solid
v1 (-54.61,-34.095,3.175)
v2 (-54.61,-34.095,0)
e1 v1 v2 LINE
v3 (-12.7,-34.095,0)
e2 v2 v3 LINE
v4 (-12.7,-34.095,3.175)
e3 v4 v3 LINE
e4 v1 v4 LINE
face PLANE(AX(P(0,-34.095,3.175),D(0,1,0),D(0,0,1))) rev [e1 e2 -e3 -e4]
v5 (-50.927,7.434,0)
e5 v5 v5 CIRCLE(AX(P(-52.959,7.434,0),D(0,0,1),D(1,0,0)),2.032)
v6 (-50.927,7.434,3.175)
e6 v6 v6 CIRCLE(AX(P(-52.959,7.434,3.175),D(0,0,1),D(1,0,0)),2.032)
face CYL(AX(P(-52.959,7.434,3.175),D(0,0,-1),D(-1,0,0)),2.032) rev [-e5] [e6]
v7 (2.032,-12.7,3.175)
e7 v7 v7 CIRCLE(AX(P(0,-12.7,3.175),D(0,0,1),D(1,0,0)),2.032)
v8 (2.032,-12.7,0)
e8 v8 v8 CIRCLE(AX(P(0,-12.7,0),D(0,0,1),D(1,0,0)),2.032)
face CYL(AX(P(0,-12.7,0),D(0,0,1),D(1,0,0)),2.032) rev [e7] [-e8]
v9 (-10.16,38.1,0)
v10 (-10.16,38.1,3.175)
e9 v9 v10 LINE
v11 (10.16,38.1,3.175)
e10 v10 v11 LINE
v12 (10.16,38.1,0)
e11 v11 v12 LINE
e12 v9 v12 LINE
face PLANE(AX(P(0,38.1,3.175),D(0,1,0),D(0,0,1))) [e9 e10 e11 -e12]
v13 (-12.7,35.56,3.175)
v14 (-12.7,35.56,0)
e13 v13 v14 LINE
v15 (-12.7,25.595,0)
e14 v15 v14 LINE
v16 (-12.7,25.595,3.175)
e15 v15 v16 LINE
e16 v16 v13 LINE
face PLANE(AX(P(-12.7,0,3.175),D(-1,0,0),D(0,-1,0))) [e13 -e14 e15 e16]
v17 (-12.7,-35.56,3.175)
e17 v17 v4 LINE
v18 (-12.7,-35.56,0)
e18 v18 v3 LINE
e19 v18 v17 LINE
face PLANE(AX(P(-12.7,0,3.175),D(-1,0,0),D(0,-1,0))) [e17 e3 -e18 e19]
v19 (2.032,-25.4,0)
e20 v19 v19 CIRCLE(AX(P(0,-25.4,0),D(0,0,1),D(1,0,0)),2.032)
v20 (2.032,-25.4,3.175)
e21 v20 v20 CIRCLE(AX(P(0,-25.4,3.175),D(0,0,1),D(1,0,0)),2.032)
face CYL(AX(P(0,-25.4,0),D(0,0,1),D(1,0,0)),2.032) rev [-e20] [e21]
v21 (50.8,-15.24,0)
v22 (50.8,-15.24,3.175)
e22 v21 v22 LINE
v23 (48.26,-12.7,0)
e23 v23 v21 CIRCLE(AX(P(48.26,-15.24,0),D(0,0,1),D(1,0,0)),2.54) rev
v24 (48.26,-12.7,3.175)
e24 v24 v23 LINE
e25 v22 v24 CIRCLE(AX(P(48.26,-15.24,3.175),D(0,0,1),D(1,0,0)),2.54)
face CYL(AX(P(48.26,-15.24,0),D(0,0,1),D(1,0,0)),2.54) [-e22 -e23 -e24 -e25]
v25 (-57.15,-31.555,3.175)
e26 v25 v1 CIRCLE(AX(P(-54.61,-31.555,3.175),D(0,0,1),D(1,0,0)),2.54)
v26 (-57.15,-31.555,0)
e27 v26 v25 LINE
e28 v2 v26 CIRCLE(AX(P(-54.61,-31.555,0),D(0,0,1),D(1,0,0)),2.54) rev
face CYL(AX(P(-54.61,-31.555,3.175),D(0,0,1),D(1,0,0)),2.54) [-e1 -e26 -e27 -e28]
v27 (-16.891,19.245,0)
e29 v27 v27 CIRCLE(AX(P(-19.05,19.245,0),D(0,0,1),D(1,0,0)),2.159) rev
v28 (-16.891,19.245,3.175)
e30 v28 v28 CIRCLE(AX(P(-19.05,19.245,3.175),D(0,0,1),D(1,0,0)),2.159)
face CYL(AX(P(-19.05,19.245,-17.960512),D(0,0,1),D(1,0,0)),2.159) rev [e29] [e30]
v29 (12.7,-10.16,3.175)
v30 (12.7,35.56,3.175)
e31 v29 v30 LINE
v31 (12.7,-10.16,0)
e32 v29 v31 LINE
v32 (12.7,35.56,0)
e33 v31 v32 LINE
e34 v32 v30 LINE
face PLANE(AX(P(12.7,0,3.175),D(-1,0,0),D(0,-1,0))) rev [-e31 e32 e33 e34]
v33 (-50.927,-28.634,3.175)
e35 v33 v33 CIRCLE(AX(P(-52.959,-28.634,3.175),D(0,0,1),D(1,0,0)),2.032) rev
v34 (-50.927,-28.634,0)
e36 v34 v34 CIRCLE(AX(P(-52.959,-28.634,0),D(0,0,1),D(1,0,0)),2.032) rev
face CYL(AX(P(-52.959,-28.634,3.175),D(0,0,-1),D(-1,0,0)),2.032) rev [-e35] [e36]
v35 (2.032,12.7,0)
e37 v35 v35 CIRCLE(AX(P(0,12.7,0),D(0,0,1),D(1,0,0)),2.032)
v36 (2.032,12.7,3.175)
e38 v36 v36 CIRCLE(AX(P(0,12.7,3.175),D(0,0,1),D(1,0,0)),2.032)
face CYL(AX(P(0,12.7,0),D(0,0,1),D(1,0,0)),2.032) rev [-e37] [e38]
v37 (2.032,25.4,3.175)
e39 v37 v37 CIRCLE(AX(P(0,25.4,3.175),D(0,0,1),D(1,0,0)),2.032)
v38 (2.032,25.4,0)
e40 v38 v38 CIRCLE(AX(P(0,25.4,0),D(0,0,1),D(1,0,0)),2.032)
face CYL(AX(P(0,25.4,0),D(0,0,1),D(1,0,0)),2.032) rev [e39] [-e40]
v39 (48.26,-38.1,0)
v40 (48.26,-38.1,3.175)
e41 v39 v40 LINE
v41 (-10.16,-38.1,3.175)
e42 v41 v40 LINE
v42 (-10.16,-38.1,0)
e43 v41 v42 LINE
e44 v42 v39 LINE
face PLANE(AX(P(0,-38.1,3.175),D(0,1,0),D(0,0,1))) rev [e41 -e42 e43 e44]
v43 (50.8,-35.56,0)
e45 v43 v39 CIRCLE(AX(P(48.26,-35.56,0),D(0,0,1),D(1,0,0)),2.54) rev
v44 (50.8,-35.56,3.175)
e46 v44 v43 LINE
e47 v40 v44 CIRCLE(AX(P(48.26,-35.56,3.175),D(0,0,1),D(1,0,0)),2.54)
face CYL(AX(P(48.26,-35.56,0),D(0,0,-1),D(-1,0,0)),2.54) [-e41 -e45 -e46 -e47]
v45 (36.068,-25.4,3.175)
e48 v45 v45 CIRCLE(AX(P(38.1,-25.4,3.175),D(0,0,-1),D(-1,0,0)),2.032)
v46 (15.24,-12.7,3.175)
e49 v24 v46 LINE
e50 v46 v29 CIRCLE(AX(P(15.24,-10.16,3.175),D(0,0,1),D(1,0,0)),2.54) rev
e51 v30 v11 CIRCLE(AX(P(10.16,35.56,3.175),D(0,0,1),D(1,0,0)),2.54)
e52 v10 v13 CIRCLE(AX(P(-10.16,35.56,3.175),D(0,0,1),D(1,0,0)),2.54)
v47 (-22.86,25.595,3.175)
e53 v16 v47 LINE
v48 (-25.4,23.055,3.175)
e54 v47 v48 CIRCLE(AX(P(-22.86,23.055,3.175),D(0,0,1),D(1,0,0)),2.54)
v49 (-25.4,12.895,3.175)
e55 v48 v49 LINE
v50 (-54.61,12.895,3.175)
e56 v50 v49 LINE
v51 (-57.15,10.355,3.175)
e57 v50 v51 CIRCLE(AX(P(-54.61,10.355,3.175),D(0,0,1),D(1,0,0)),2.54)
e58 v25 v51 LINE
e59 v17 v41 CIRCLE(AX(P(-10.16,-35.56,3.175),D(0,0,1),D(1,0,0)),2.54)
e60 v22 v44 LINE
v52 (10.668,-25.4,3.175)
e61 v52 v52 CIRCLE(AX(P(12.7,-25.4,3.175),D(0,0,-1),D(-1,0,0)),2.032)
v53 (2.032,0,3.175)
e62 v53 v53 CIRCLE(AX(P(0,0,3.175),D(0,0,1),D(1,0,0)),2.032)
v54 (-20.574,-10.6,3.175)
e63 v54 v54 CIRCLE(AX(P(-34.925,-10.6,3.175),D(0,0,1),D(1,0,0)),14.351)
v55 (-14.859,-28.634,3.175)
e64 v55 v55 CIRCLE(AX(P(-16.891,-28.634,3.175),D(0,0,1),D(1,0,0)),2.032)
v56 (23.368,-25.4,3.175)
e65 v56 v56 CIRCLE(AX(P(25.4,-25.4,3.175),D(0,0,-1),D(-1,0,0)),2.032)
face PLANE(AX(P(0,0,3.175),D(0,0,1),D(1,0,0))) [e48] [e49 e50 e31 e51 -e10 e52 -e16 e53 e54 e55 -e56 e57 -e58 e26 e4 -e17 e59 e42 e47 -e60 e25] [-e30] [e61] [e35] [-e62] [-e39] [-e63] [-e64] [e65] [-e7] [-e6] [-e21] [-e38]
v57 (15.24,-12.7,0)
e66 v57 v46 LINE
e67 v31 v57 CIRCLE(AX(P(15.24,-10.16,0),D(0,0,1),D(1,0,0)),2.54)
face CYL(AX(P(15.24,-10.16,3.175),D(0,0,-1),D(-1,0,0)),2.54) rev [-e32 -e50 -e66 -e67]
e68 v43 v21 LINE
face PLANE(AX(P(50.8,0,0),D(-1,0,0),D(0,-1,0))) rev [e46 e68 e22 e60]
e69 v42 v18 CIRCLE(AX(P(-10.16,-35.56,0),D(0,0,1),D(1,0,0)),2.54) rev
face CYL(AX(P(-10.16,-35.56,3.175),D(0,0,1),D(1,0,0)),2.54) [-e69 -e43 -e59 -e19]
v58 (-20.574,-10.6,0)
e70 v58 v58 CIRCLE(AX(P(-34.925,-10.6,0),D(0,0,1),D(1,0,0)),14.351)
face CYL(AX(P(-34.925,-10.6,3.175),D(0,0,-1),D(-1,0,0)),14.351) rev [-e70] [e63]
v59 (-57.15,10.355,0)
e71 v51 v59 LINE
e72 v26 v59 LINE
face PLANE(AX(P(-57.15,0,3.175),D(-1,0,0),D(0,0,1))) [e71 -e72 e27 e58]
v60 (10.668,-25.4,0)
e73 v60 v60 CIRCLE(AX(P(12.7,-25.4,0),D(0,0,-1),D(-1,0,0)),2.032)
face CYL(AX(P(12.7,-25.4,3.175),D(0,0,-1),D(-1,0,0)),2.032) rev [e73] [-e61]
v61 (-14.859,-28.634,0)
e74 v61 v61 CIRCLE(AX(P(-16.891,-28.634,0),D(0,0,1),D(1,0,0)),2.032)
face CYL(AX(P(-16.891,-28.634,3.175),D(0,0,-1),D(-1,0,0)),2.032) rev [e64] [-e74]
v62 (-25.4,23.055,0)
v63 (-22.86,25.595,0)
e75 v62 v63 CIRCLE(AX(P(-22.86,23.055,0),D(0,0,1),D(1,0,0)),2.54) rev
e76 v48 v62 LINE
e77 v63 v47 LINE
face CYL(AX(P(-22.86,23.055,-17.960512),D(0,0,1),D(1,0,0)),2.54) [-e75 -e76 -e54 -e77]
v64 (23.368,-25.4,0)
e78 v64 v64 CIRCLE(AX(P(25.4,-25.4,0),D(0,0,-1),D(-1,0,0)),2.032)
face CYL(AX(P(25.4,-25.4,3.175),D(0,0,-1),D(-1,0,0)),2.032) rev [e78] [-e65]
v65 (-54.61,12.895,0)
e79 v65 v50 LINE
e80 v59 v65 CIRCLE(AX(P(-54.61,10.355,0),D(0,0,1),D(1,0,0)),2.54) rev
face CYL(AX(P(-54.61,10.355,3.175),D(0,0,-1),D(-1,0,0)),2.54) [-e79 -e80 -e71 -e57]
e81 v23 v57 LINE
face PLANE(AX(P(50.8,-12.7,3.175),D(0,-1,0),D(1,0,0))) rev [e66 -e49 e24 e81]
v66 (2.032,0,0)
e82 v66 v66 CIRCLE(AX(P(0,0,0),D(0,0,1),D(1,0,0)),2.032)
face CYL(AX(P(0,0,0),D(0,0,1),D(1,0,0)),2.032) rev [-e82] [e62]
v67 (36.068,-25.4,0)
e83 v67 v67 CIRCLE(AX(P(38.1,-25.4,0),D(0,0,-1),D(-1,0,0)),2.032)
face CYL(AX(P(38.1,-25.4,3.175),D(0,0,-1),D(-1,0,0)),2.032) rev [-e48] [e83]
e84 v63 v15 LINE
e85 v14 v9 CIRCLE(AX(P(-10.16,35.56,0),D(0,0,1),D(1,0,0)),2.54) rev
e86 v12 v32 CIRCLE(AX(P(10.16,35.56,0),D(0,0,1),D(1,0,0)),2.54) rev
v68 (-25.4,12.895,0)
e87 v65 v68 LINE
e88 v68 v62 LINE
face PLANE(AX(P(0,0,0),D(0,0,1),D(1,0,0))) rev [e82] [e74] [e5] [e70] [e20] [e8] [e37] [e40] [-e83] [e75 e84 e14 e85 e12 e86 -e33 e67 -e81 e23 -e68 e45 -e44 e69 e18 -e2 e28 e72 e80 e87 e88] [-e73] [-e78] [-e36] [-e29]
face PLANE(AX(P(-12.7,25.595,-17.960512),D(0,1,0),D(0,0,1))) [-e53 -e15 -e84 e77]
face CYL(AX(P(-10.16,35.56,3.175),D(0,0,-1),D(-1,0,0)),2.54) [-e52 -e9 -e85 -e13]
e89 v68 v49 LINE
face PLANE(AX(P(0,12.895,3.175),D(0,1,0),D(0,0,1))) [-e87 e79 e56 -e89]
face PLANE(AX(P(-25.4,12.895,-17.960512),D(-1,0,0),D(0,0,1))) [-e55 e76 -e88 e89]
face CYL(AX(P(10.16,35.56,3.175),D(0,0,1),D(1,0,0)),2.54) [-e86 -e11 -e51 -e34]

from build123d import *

# Parameters (mm, degrees)
SKETCH1_R           = 2.032
SKETCH1_R_2         = 14.351
SKETCH1_W           = 25.4
SKETCH1_H           = 76.2
BOSS_EXTRUDE1_DEPTH = 3.175
SKETCH2_R           = 2.032
CUT_EXTRUDE1_DEPTH  = 69.759094853
SKETCH4_W           = 3.175
SKETCH4_H           = 25.4
BOSS_EXTRUDE2_DEPTH = 38.1
SKETCH5_R           = 2.032
CUT_EXTRUDE2_DEPTH  = 69.759094853
FILLET5_R           = 2.54
SKETCH6_W           = 12.7
SKETCH6_H           = 12.7
SKETCH6_R           = 2.159
BOSS_EXTRUDE3_DEPTH = 3.175
FILLET6_R           = 2.54


with BuildPart() as part:
    # Sketch1 → Boss-Extrude1 (new body)
    # profile 1 of 2: a face of its own
    with BuildSketch(Plane.XY):
        Polygon((-57.15, -34.095), (-12.7, -34.095), (-12.7, -24.638), (-12.7, 12.895), (-57.15, 12.895), align=None)
        with Locations((-52.959, -28.634)):
            Circle(SKETCH1_R, mode=Mode.SUBTRACT)
        with Locations((-34.925, -10.6)):
            Circle(SKETCH1_R_2, mode=Mode.SUBTRACT)
        with Locations((-16.891, -28.634)):
            Circle(SKETCH1_R, mode=Mode.SUBTRACT)
        with Locations((-52.959, 7.434)):
            Circle(SKETCH1_R, mode=Mode.SUBTRACT)
    # profile 2 of 2: a face of its own
    with BuildSketch(Plane.XY):
        Rectangle(SKETCH1_W, SKETCH1_H)
    extrude(amount=BOSS_EXTRUDE1_DEPTH)

    # Sketch2 → Cut-Extrude1 (cut, through all)
    with BuildSketch(Plane.XY.offset(3.175)):
        Circle(SKETCH2_R)
        with Locations((0, 12.7)):
            Circle(SKETCH2_R)
        with Locations((0, 25.4)):
            Circle(SKETCH2_R)
        with Locations((0, -12.7)):
            Circle(SKETCH2_R)
        with Locations((0, -25.4)):
            Circle(SKETCH2_R)
    extrude(amount=-CUT_EXTRUDE1_DEPTH, mode=Mode.SUBTRACT)

    # Sketch4 → Boss-Extrude2 (add)
    with BuildSketch(Plane(origin=(12.7, 0, 0), x_dir=(0, 0, -1), z_dir=(1, 0, 0))):
        with Locations((-1.5875, -25.4)):
            Rectangle(SKETCH4_W, SKETCH4_H)
    extrude(amount=BOSS_EXTRUDE2_DEPTH)

    # Sketch5 → Cut-Extrude2 (cut, through all)
    with BuildSketch(Plane(origin=(0, 0, 0), x_dir=(-1, 0, 0), z_dir=(0, 0, -1))):
        with Locations(Location((0, -25.4, 0), (0, 0, 180))):
            Circle(SKETCH5_R)
        with Locations((-12.7, -25.4)):
            Circle(SKETCH5_R)
        with Locations((-25.4, -25.4)):
            Circle(SKETCH5_R)
        with Locations((-38.1, -25.4)):
            Circle(SKETCH5_R)
    extrude(amount=-CUT_EXTRUDE2_DEPTH, mode=Mode.SUBTRACT)

    # Fillet5
    fillet5_edges = [part.edges().sort_by_distance(p)[0] for p in [
        (-12.7, -38.1, 1.5875),
        (-57.15, -34.095, 1.5875),
        (-57.15, 12.895, 1.5875),
        (-12.7, 12.895, 1.5875),
        (-12.7, 38.1, 1.5875),
        (12.7, 38.1, 1.5875),
        (12.7, -12.7, 1.5875),
        (50.8, -38.1, 1.5875),
        (50.8, -12.7, 1.5875),
    ]]
    fillet(fillet5_edges, radius=FILLET5_R)

    # Sketch6 → Boss-Extrude3 (add)
    with BuildSketch(Plane.XY.offset(3.175)):
        with Locations((-19.05, 19.245)):
            Rectangle(SKETCH6_W, SKETCH6_H)
        with Locations((-19.05, 19.245)):
            Circle(SKETCH6_R, mode=Mode.SUBTRACT)
    extrude(amount=-BOSS_EXTRUDE3_DEPTH)

    # Fillet6
    fillet6_edges = [part.edges().sort_by_distance(p)[0] for p in [
        (-25.4, 25.595, 1.5875),
    ]]
    fillet(fillet6_edges, radius=FILLET6_R)


solid = part.part
